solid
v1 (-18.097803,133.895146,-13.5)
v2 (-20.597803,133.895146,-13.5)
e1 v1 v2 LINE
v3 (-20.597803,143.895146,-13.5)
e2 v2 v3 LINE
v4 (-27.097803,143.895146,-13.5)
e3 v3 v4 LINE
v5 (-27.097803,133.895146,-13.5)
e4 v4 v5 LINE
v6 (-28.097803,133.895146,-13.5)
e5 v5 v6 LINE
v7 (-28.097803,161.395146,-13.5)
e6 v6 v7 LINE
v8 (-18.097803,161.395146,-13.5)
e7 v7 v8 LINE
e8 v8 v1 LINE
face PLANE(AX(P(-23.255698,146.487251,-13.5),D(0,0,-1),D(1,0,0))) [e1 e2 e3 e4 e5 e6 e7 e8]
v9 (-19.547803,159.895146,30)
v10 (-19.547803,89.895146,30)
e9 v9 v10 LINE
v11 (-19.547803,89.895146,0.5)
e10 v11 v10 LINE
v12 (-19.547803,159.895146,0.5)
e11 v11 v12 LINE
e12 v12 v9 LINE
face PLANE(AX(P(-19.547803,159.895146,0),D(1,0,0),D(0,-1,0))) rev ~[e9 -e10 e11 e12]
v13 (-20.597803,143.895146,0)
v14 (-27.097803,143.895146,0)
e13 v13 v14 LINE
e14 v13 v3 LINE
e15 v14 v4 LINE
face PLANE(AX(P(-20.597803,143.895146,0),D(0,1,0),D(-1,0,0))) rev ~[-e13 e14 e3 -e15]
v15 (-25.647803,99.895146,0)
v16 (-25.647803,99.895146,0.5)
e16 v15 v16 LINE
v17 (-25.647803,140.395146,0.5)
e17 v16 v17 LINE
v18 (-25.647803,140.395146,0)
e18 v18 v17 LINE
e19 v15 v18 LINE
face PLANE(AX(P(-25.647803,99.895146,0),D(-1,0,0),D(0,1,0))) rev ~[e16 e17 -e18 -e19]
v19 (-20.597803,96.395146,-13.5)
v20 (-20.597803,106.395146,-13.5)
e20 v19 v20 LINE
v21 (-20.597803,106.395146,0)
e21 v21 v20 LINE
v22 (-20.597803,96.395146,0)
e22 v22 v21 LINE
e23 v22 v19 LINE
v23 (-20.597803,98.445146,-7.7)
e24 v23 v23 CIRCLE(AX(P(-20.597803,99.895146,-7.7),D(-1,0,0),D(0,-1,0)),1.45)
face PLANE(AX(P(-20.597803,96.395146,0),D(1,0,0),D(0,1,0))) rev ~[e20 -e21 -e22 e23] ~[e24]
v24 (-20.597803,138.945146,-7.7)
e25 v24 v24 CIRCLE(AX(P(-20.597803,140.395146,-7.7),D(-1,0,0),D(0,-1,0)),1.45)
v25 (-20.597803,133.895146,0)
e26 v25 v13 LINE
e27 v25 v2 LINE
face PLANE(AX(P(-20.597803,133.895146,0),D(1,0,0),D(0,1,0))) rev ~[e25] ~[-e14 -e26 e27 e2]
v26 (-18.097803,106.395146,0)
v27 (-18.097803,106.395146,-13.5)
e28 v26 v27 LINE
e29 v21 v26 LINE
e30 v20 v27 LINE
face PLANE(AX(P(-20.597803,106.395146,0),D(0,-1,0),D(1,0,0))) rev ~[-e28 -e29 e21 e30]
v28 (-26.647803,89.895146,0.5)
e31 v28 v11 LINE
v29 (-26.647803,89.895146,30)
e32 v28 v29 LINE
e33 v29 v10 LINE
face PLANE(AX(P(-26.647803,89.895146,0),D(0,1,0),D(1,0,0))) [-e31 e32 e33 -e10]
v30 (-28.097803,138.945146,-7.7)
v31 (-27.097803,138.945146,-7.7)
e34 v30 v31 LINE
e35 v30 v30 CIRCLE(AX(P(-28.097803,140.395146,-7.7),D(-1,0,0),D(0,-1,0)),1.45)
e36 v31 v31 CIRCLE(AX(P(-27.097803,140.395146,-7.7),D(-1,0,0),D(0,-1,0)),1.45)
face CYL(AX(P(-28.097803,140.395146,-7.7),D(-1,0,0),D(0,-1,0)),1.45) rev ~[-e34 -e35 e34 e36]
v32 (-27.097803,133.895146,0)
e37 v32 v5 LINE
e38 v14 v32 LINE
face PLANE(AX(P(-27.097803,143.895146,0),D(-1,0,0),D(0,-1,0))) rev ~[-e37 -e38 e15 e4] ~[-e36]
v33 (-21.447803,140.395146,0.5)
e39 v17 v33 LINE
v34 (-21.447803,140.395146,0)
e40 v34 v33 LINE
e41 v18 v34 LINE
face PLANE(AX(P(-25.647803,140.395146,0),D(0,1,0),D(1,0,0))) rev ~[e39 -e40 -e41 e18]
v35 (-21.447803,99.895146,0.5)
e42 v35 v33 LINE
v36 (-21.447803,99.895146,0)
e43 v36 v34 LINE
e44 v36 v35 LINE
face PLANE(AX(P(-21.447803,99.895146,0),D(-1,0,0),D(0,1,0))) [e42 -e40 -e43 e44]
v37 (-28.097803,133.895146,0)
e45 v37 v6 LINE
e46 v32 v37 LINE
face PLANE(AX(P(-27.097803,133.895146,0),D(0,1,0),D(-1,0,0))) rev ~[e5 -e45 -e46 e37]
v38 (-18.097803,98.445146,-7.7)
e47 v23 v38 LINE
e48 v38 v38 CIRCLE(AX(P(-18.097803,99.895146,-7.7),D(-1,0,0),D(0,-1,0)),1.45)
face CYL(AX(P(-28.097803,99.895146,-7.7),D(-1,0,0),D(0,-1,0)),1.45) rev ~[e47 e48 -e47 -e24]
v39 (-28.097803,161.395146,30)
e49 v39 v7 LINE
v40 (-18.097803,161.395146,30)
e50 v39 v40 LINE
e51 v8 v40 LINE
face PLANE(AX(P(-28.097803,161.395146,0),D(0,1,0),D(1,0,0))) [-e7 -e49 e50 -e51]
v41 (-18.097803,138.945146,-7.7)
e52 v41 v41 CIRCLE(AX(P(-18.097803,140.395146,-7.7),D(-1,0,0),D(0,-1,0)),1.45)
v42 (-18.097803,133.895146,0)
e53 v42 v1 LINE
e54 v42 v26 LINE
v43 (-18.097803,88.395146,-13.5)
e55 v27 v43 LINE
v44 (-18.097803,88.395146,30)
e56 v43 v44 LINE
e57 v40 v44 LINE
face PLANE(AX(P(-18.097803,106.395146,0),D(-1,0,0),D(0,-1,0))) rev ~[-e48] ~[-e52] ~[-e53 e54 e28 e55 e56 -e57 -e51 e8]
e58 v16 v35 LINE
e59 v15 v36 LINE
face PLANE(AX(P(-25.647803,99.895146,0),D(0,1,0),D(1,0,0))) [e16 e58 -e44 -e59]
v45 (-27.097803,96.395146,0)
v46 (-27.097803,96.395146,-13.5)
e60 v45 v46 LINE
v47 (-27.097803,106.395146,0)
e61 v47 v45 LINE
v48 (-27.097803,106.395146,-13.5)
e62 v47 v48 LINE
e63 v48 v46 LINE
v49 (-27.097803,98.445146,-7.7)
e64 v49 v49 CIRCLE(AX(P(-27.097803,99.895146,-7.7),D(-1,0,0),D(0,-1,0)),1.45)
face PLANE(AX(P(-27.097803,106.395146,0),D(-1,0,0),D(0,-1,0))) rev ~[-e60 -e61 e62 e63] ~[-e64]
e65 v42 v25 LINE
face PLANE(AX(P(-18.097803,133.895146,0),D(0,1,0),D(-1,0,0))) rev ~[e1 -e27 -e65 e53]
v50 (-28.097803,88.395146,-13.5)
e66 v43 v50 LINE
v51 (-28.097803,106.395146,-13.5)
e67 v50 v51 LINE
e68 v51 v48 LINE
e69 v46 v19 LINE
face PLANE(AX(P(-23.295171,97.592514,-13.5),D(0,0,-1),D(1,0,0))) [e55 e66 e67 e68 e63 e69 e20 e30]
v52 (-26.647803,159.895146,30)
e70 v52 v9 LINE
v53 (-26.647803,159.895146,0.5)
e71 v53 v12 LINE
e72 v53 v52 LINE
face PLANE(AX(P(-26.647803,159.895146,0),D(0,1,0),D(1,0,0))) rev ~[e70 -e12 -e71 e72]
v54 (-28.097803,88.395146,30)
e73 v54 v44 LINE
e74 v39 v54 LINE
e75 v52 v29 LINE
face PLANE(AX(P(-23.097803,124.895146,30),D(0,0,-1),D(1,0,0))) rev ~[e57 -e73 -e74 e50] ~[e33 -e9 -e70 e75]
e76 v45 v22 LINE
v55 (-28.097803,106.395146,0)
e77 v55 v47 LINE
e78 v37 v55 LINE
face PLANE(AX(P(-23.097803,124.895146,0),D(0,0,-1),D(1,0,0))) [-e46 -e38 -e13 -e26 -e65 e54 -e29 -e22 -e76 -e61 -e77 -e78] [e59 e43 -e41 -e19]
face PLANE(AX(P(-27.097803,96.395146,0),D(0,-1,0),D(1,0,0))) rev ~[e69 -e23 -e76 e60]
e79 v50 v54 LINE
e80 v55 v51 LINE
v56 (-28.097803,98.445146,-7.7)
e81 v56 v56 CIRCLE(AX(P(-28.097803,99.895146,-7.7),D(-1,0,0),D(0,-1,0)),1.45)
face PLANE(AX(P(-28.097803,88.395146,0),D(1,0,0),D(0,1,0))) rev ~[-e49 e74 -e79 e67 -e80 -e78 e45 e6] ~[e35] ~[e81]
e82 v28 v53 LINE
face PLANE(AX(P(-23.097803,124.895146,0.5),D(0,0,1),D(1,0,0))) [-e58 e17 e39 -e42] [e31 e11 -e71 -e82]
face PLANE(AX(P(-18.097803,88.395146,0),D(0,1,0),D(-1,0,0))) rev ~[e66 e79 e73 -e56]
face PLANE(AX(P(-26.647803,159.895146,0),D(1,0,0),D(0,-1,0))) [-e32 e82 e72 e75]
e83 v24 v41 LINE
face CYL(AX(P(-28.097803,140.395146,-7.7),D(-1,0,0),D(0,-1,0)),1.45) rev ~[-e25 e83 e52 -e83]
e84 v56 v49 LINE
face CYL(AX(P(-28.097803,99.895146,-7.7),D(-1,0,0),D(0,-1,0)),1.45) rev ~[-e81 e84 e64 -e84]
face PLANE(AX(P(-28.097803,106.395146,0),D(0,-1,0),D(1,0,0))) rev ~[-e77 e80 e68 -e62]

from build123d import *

# Parameters (mm, degrees)
SKETCH_W      = 7.1
SKETCH_H      = 70
SKETCH_W_2    = 4.2
SKETCH_H_2    = 40.5
PAD_DEPTH     = 0.5
SKETCH001_W   = 10
SKETCH001_H   = 73
SKETCH001_W_2 = 7.1
SKETCH001_H_2 = 70
PAD001_DEPTH  = 30
PAD002_DEPTH  = 13.5
SKETCH003_R   = 1.45
HOLE_DEPTH    = 10.001


with BuildPart() as part:
    # Sketch → Pad (new body)
    with BuildSketch(Plane.XY):
        with Locations((-23.097803, 124.895146)):
            Rectangle(SKETCH_W, SKETCH_H)
        with Locations((-23.547803, 120.145146)):
            Rectangle(SKETCH_W_2, SKETCH_H_2, mode=Mode.SUBTRACT)
    extrude(amount=PAD_DEPTH)

    # Sketch001 (on Face9 of Pad) → Pad001 (join)
    with BuildSketch(Plane(origin=(0, 0, 0), x_dir=(1, 0, 0), z_dir=(0, 0, -1))):
        with Locations((-23.097803, -124.895146)):
            Rectangle(SKETCH001_W, SKETCH001_H)
        with Locations((-23.097803, -124.895146)):
            Rectangle(SKETCH001_W_2, SKETCH001_H_2, mode=Mode.SUBTRACT)
    extrude(amount=-PAD001_DEPTH)

    # Sketch002 (on Face15 of Pad001) → Pad002 (join)
    with BuildSketch(Plane(origin=(0, 0, 0), x_dir=(1, 0, 0), z_dir=(0, 0, -1))):
        Polygon((-28.097803, -88.395146), (-28.097803, -96.395146), (-28.097803, -106.395146), (-27.097803, -106.395146), (-27.097803, -96.395146), (-20.597803, -96.395146), (-20.597803, -106.395146), (-18.097803, -106.395146), (-18.097803, -88.395146), align=None)
        Polygon((-28.097803, -161.395146), (-18.097803, -161.395146), (-18.097803, -133.895146), (-20.597803, -133.895146), (-20.597803, -143.895146), (-27.097803, -143.895146), (-27.097803, -133.895146), (-28.097803, -133.895146), (-28.097803, -143.895146), align=None)
    extrude(amount=PAD002_DEPTH)

    # Sketch003 (on Face24 of Pad002) → Hole (cut, through all)
    with BuildSketch(Plane(origin=(-28.097803, 0, 0), x_dir=(0, -1, 0), z_dir=(-1, 0, 0))):
        with Locations((-140.395146, -7.7)):
            Circle(SKETCH003_R)
        with Locations((-99.895146, -7.7)):
            Circle(SKETCH003_R)
    extrude(amount=-HOLE_DEPTH, mode=Mode.SUBTRACT)


solid = part.part
